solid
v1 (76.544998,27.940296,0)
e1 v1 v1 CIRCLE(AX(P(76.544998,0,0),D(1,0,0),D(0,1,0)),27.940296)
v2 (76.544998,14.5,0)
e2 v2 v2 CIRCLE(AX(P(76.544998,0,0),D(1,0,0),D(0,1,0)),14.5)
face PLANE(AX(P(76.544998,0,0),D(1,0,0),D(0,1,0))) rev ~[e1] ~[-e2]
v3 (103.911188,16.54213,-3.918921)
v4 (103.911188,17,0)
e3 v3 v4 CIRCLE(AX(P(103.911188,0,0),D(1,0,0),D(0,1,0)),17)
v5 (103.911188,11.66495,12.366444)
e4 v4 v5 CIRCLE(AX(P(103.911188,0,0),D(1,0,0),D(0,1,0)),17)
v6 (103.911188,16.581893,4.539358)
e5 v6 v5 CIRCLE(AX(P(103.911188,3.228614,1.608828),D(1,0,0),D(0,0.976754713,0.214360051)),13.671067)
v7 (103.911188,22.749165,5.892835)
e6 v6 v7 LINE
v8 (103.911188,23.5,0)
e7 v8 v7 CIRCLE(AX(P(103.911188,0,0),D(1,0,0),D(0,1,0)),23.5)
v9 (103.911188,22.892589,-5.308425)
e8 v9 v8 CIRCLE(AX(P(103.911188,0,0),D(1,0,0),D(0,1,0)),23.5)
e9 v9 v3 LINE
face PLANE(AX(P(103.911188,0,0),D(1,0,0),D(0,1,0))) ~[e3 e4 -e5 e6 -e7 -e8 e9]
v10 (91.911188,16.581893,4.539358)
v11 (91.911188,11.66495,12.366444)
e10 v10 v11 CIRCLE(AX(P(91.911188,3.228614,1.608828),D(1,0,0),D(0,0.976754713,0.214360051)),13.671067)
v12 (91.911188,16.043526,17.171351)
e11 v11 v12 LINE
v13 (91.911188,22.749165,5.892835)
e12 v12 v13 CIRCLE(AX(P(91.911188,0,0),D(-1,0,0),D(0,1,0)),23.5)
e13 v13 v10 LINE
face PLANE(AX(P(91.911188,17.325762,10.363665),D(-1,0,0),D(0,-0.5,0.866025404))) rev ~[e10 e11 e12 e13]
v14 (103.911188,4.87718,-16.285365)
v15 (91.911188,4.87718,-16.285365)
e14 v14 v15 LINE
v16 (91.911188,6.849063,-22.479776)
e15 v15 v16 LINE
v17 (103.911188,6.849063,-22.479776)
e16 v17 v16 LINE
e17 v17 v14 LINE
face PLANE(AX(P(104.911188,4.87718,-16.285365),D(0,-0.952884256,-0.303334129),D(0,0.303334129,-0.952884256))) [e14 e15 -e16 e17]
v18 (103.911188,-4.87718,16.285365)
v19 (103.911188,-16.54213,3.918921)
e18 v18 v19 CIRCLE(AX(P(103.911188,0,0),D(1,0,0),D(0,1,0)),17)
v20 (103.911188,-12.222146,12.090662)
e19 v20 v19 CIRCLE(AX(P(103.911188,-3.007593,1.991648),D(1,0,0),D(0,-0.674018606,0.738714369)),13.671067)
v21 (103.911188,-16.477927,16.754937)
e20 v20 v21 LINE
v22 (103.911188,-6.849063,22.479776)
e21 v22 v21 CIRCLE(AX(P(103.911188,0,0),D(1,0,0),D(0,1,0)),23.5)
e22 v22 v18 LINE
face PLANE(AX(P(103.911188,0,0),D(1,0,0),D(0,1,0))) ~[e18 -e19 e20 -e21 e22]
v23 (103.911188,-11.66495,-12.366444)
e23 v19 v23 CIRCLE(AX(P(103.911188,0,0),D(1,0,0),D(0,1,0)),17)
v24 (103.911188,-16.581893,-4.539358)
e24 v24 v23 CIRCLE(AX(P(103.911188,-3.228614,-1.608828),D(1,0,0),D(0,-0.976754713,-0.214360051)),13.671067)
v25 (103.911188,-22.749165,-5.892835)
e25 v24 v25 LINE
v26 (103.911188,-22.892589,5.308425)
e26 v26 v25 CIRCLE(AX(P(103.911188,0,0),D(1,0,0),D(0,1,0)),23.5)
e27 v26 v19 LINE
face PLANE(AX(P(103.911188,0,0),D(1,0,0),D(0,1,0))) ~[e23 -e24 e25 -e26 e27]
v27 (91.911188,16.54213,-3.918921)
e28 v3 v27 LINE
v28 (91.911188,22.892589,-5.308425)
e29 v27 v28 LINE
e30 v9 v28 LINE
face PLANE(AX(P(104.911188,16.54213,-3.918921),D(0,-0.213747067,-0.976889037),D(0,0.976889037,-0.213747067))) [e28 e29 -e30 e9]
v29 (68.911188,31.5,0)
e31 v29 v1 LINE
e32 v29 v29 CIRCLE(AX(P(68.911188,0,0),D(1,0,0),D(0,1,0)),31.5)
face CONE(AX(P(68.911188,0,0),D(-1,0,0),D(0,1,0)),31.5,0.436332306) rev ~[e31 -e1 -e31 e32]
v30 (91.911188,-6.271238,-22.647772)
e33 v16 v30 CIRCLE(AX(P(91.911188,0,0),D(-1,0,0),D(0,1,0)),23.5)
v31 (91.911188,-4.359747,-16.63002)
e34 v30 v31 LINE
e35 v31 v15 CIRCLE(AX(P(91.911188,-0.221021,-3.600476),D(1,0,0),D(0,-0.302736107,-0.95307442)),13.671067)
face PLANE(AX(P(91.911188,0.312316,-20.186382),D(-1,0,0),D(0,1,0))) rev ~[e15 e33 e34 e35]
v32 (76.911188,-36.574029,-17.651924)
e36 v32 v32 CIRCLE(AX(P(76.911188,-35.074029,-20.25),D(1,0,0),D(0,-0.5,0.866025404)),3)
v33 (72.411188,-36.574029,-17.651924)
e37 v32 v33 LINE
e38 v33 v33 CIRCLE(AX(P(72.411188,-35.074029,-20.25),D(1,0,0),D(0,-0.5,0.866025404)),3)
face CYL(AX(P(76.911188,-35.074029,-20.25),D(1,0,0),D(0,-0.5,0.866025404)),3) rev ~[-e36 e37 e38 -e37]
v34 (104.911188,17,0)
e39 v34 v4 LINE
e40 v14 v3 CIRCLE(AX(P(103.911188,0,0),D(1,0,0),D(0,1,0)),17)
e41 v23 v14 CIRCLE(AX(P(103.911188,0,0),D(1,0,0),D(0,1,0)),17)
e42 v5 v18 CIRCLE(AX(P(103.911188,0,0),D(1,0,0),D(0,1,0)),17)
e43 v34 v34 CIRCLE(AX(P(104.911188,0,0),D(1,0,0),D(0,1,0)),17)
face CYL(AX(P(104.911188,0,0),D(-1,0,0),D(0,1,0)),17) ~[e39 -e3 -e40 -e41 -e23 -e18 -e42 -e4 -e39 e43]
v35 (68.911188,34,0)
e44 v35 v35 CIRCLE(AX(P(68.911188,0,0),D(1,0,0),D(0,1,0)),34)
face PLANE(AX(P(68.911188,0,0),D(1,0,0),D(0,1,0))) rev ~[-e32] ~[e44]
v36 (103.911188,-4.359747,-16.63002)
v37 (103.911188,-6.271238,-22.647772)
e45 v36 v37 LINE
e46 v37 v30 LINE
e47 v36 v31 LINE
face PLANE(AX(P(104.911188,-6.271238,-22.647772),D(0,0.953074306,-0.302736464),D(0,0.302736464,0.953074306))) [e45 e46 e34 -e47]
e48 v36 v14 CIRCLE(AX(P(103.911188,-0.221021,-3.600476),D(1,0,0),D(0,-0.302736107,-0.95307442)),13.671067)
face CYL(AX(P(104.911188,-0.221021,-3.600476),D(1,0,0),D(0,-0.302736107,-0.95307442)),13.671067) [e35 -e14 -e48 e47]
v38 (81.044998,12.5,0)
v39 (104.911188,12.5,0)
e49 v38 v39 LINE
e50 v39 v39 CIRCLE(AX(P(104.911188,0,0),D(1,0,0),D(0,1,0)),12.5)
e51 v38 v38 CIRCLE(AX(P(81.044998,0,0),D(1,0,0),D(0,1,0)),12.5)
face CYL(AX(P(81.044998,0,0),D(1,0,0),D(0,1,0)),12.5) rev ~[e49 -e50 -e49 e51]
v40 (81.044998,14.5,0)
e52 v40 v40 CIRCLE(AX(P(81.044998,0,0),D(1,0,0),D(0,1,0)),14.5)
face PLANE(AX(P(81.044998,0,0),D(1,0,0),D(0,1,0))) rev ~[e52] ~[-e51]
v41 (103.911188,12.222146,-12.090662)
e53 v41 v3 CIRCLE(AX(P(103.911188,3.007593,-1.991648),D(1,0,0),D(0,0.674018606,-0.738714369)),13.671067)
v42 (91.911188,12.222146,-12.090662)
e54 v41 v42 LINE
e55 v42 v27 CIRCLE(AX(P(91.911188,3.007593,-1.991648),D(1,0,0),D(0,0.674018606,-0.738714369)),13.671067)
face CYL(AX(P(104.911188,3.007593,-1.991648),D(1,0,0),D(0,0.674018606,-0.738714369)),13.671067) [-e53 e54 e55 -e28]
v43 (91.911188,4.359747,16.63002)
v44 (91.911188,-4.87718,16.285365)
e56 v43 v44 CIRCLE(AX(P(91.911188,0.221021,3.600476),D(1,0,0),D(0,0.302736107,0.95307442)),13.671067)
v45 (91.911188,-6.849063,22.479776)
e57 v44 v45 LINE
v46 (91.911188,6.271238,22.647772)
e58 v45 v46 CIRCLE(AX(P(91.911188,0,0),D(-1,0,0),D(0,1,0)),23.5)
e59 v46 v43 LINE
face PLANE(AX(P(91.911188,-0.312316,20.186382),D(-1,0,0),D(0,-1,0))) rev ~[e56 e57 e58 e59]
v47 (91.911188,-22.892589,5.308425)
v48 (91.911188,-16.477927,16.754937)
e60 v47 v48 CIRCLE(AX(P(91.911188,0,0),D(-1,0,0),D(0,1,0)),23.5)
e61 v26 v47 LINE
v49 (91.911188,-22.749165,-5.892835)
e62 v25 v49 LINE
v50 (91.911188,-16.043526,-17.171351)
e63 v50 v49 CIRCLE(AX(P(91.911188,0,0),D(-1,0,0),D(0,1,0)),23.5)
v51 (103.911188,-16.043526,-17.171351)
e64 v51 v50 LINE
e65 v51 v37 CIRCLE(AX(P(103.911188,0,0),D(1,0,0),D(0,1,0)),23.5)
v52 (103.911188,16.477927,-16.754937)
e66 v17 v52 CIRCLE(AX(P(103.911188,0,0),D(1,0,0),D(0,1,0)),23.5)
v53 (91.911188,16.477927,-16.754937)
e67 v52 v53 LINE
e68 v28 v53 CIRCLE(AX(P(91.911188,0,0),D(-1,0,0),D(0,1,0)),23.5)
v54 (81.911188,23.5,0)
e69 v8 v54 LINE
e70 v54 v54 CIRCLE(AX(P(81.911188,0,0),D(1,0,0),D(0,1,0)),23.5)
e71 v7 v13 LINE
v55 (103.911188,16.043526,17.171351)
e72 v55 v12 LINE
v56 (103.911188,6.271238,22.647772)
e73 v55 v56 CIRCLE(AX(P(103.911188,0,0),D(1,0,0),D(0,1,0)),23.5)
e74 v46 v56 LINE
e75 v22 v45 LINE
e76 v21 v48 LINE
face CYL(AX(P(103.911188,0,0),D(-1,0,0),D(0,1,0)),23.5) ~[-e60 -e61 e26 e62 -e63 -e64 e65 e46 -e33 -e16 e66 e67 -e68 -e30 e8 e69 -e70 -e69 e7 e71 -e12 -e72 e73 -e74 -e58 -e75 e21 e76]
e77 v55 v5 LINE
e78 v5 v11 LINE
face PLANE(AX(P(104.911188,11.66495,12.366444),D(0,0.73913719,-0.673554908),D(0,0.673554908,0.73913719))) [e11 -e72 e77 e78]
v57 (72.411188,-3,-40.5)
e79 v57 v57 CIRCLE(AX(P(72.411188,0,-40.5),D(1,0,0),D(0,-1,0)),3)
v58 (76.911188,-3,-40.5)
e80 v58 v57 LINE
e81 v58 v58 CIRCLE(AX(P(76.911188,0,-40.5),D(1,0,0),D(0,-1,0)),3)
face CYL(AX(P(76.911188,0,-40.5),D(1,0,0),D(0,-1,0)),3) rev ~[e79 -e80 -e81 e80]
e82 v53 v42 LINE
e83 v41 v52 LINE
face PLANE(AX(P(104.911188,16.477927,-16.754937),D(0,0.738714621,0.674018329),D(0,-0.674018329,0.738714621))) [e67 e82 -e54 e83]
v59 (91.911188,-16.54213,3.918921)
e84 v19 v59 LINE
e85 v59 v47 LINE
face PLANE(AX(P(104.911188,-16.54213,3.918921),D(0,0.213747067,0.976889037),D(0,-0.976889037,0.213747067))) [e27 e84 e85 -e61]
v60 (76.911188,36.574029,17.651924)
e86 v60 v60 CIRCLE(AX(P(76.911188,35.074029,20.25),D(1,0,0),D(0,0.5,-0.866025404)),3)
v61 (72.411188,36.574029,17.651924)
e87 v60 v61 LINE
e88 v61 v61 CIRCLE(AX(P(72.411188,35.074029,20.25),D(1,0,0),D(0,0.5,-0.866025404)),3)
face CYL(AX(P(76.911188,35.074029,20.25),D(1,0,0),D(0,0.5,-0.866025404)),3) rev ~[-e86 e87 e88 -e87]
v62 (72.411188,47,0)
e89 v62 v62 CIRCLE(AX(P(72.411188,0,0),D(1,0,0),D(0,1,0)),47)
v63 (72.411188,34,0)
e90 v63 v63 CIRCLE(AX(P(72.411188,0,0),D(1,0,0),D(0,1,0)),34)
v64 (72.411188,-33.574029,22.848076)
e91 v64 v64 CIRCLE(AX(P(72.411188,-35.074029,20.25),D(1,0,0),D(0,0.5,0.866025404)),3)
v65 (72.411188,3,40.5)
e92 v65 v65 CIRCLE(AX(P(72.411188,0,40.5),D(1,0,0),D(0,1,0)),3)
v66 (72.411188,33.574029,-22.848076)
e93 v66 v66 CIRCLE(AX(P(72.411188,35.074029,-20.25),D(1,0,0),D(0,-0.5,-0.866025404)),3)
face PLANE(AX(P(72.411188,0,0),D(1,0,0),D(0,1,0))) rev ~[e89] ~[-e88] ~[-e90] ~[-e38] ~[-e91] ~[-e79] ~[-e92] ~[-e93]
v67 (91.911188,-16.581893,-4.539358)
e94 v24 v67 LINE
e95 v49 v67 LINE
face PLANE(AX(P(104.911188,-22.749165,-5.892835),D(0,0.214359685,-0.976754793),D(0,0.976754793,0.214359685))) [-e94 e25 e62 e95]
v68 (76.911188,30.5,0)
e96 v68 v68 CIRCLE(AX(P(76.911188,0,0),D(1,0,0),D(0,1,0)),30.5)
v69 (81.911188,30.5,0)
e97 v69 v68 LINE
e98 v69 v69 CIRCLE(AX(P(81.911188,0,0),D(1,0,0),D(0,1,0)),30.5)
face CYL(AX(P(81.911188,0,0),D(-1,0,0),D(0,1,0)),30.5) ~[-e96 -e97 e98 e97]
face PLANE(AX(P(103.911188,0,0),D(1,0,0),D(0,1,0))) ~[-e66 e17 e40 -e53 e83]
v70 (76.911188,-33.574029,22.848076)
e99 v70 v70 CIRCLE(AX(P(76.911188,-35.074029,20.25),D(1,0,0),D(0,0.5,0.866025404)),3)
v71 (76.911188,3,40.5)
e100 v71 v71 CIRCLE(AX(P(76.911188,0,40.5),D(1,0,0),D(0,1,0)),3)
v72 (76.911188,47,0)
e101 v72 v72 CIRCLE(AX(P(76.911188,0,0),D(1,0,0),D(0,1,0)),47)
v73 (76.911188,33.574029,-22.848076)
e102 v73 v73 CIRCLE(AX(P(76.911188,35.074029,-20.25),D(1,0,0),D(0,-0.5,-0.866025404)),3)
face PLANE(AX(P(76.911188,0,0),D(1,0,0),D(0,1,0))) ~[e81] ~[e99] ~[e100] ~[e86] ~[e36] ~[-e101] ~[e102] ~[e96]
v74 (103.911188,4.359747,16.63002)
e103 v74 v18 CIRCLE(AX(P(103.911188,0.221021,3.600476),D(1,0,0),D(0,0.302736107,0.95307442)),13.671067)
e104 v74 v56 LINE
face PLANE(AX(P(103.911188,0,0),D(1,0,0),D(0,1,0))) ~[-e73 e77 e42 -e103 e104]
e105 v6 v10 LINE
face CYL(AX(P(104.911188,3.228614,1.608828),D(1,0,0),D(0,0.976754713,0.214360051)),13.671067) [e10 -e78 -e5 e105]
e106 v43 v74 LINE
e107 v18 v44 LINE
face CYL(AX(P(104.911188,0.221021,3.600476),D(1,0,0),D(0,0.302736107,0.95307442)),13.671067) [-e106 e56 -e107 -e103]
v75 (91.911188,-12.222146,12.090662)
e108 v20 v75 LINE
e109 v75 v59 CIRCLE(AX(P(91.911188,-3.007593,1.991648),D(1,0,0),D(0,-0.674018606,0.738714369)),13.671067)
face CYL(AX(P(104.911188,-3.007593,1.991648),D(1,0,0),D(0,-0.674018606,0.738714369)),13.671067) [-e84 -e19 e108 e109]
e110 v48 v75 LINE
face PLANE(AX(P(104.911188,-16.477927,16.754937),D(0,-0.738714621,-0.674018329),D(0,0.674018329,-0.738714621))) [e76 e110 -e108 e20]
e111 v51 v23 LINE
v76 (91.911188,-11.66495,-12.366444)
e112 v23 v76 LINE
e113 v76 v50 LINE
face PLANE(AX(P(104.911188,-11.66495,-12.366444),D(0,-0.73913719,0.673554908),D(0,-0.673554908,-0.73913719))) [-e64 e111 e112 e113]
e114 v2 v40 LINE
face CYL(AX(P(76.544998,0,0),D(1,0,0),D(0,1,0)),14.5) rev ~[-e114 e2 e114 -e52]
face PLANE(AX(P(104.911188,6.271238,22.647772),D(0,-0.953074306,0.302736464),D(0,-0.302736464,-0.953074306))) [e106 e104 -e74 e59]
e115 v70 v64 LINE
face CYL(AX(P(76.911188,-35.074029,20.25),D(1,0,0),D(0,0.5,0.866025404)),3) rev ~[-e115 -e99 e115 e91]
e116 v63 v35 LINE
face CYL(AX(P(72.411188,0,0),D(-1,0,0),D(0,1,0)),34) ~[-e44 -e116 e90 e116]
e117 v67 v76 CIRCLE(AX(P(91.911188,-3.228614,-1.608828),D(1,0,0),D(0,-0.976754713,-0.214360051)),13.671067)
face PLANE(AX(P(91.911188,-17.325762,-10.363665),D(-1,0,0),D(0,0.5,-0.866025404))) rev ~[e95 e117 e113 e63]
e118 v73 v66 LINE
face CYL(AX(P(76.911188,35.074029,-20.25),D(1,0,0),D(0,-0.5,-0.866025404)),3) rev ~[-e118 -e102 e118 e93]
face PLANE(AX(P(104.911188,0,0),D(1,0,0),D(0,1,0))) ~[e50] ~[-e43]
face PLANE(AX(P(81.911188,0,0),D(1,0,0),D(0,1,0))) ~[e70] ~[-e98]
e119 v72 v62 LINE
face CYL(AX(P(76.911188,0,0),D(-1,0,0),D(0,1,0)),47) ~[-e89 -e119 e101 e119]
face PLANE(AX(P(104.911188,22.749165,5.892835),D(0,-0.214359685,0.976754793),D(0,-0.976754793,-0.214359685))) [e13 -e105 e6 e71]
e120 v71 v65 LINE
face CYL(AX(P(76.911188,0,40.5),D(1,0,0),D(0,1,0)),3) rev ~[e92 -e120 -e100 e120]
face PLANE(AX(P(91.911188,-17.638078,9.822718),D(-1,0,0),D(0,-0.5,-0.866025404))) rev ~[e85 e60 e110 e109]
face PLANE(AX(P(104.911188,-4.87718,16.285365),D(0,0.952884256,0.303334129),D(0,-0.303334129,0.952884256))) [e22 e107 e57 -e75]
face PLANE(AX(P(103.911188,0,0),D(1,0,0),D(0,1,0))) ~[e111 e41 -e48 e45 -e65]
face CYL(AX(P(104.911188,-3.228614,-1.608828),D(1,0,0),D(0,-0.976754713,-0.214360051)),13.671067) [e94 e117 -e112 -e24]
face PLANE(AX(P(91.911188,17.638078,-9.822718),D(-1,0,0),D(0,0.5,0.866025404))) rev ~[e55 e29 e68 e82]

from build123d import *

# Parameters (mm, degrees)
SKETCH002_R           = 3
POCKET_DEPTH          = 283.449725
POLARPATTERN_COUNT    = 6
POCKET001_DEPTH       = 5
POCKET002_DEPTH       = 5
POCKET003_DEPTH       = 5
POCKET004_DEPTH       = 13
POCKET005_DEPTH       = 13
POLARPATTERN001_COUNT = 6


with BuildPart() as part:
    # Sketch → Revolution (revolve)
    with BuildSketch(Plane.XY):
        Polygon((68.911188, 34), (68.911188, 31.5), (76.544998, 27.940296), (76.544998, 14.5), (81.044998, 14.5), (81.044998, 12.5), (104.911188, 12.5), (104.911188, 17), (103.911188, 17), (103.911188, 23.5), (81.911188, 23.5), (81.911188, 30.5), (76.911188, 30.5), (76.911188, 47), (72.411188, 47), (72.411188, 34), align=None)
    revolve(axis=Axis((0, 0, 0), (1, 0, 0)))

    # Sketch002 (on Face13 of Revolution) → Pocket (cut, through all)
    with BuildSketch(Plane.YZ.offset(76.911188)):
        with Locations((0, 40.5)):
            Circle(SKETCH002_R)
    pocket = extrude(amount=-POCKET_DEPTH, mode=Mode.SUBTRACT)

    # PolarPattern: Pocket ×6 about axis
    polarpattern_axis = Axis((76.911188, 0, 0), (1, 0, 0))
    for i in range(1, POLARPATTERN_COUNT):
        add(pocket.rotate(polarpattern_axis, i * 360 / POLARPATTERN_COUNT), mode=Mode.SUBTRACT)

    # Sketch006 (on Face19 of PolarPattern) → Pocket001 (cut)
    with BuildSketch(Plane.YZ.offset(104.911188)):
        with BuildLine():
            Line((-4.87718, 16.285365), (-6.849063, 22.479776))
            ThreePointArc((6.271238, 22.647772), (-0.30141, 23.53977), (-6.849063, 22.479776))
            Line((6.271238, 22.647772), (4.359747, 16.63002))
            ThreePointArc((4.359747, 16.63002), (-0.288728, 17.262036), (-4.87718, 16.285365))
        make_face()
    extrude(amount=-POCKET001_DEPTH, mode=Mode.SUBTRACT)

    # Sketch006 (on Face19 of PolarPattern) → Pocket002 (cut)
    with BuildSketch(Plane.YZ.offset(104.911188)):
        with BuildLine():
            Line((-4.87718, 16.285365), (-6.849063, 22.479776))
            ThreePointArc((6.271238, 22.647772), (-0.30141, 23.53977), (-6.849063, 22.479776))
            Line((6.271238, 22.647772), (4.359747, 16.63002))
            ThreePointArc((4.359747, 16.63002), (-0.288728, 17.262036), (-4.87718, 16.285365))
        make_face()
    extrude(amount=-POCKET002_DEPTH, mode=Mode.SUBTRACT)

    # Sketch006 (on Face19 of PolarPattern) → Pocket003 (cut)
    with BuildSketch(Plane.YZ.offset(104.911188)):
        with BuildLine():
            Line((-4.87718, 16.285365), (-6.849063, 22.479776))
            ThreePointArc((6.271238, 22.647772), (-0.30141, 23.53977), (-6.849063, 22.479776))
            Line((6.271238, 22.647772), (4.359747, 16.63002))
            ThreePointArc((4.359747, 16.63002), (-0.288728, 17.262036), (-4.87718, 16.285365))
        make_face()
    extrude(amount=-POCKET003_DEPTH, mode=Mode.SUBTRACT)

    # Sketch006 (on Face19 of PolarPattern) → Pocket004 (cut)
    with BuildSketch(Plane.YZ.offset(104.911188)):
        with BuildLine():
            Line((-4.87718, 16.285365), (-6.849063, 22.479776))
            ThreePointArc((6.271238, 22.647772), (-0.30141, 23.53977), (-6.849063, 22.479776))
            Line((6.271238, 22.647772), (4.359747, 16.63002))
            ThreePointArc((4.359747, 16.63002), (-0.288728, 17.262036), (-4.87718, 16.285365))
        make_face()
    extrude(amount=-POCKET004_DEPTH, mode=Mode.SUBTRACT)

    # Sketch006 (on Face19 of PolarPattern) → Pocket005 (cut)
    with BuildSketch(Plane.YZ.offset(104.911188)):
        with BuildLine():
            Line((-4.87718, 16.285365), (-6.849063, 22.479776))
            ThreePointArc((6.271238, 22.647772), (-0.30141, 23.53977), (-6.849063, 22.479776))
            Line((6.271238, 22.647772), (4.359747, 16.63002))
            ThreePointArc((4.359747, 16.63002), (-0.288728, 17.262036), (-4.87718, 16.285365))
        make_face()
    pocket005 = extrude(amount=-POCKET005_DEPTH, mode=Mode.SUBTRACT)

    # PolarPattern001: Pocket005 ×6 about axis
    polarpattern001_axis = Axis((104.911188, 0, 0), (1, 0, 0))
    for i in range(1, POLARPATTERN001_COUNT):
        add(pocket005.rotate(polarpattern001_axis, i * 360 / POLARPATTERN001_COUNT), mode=Mode.SUBTRACT)


solid = part.part
